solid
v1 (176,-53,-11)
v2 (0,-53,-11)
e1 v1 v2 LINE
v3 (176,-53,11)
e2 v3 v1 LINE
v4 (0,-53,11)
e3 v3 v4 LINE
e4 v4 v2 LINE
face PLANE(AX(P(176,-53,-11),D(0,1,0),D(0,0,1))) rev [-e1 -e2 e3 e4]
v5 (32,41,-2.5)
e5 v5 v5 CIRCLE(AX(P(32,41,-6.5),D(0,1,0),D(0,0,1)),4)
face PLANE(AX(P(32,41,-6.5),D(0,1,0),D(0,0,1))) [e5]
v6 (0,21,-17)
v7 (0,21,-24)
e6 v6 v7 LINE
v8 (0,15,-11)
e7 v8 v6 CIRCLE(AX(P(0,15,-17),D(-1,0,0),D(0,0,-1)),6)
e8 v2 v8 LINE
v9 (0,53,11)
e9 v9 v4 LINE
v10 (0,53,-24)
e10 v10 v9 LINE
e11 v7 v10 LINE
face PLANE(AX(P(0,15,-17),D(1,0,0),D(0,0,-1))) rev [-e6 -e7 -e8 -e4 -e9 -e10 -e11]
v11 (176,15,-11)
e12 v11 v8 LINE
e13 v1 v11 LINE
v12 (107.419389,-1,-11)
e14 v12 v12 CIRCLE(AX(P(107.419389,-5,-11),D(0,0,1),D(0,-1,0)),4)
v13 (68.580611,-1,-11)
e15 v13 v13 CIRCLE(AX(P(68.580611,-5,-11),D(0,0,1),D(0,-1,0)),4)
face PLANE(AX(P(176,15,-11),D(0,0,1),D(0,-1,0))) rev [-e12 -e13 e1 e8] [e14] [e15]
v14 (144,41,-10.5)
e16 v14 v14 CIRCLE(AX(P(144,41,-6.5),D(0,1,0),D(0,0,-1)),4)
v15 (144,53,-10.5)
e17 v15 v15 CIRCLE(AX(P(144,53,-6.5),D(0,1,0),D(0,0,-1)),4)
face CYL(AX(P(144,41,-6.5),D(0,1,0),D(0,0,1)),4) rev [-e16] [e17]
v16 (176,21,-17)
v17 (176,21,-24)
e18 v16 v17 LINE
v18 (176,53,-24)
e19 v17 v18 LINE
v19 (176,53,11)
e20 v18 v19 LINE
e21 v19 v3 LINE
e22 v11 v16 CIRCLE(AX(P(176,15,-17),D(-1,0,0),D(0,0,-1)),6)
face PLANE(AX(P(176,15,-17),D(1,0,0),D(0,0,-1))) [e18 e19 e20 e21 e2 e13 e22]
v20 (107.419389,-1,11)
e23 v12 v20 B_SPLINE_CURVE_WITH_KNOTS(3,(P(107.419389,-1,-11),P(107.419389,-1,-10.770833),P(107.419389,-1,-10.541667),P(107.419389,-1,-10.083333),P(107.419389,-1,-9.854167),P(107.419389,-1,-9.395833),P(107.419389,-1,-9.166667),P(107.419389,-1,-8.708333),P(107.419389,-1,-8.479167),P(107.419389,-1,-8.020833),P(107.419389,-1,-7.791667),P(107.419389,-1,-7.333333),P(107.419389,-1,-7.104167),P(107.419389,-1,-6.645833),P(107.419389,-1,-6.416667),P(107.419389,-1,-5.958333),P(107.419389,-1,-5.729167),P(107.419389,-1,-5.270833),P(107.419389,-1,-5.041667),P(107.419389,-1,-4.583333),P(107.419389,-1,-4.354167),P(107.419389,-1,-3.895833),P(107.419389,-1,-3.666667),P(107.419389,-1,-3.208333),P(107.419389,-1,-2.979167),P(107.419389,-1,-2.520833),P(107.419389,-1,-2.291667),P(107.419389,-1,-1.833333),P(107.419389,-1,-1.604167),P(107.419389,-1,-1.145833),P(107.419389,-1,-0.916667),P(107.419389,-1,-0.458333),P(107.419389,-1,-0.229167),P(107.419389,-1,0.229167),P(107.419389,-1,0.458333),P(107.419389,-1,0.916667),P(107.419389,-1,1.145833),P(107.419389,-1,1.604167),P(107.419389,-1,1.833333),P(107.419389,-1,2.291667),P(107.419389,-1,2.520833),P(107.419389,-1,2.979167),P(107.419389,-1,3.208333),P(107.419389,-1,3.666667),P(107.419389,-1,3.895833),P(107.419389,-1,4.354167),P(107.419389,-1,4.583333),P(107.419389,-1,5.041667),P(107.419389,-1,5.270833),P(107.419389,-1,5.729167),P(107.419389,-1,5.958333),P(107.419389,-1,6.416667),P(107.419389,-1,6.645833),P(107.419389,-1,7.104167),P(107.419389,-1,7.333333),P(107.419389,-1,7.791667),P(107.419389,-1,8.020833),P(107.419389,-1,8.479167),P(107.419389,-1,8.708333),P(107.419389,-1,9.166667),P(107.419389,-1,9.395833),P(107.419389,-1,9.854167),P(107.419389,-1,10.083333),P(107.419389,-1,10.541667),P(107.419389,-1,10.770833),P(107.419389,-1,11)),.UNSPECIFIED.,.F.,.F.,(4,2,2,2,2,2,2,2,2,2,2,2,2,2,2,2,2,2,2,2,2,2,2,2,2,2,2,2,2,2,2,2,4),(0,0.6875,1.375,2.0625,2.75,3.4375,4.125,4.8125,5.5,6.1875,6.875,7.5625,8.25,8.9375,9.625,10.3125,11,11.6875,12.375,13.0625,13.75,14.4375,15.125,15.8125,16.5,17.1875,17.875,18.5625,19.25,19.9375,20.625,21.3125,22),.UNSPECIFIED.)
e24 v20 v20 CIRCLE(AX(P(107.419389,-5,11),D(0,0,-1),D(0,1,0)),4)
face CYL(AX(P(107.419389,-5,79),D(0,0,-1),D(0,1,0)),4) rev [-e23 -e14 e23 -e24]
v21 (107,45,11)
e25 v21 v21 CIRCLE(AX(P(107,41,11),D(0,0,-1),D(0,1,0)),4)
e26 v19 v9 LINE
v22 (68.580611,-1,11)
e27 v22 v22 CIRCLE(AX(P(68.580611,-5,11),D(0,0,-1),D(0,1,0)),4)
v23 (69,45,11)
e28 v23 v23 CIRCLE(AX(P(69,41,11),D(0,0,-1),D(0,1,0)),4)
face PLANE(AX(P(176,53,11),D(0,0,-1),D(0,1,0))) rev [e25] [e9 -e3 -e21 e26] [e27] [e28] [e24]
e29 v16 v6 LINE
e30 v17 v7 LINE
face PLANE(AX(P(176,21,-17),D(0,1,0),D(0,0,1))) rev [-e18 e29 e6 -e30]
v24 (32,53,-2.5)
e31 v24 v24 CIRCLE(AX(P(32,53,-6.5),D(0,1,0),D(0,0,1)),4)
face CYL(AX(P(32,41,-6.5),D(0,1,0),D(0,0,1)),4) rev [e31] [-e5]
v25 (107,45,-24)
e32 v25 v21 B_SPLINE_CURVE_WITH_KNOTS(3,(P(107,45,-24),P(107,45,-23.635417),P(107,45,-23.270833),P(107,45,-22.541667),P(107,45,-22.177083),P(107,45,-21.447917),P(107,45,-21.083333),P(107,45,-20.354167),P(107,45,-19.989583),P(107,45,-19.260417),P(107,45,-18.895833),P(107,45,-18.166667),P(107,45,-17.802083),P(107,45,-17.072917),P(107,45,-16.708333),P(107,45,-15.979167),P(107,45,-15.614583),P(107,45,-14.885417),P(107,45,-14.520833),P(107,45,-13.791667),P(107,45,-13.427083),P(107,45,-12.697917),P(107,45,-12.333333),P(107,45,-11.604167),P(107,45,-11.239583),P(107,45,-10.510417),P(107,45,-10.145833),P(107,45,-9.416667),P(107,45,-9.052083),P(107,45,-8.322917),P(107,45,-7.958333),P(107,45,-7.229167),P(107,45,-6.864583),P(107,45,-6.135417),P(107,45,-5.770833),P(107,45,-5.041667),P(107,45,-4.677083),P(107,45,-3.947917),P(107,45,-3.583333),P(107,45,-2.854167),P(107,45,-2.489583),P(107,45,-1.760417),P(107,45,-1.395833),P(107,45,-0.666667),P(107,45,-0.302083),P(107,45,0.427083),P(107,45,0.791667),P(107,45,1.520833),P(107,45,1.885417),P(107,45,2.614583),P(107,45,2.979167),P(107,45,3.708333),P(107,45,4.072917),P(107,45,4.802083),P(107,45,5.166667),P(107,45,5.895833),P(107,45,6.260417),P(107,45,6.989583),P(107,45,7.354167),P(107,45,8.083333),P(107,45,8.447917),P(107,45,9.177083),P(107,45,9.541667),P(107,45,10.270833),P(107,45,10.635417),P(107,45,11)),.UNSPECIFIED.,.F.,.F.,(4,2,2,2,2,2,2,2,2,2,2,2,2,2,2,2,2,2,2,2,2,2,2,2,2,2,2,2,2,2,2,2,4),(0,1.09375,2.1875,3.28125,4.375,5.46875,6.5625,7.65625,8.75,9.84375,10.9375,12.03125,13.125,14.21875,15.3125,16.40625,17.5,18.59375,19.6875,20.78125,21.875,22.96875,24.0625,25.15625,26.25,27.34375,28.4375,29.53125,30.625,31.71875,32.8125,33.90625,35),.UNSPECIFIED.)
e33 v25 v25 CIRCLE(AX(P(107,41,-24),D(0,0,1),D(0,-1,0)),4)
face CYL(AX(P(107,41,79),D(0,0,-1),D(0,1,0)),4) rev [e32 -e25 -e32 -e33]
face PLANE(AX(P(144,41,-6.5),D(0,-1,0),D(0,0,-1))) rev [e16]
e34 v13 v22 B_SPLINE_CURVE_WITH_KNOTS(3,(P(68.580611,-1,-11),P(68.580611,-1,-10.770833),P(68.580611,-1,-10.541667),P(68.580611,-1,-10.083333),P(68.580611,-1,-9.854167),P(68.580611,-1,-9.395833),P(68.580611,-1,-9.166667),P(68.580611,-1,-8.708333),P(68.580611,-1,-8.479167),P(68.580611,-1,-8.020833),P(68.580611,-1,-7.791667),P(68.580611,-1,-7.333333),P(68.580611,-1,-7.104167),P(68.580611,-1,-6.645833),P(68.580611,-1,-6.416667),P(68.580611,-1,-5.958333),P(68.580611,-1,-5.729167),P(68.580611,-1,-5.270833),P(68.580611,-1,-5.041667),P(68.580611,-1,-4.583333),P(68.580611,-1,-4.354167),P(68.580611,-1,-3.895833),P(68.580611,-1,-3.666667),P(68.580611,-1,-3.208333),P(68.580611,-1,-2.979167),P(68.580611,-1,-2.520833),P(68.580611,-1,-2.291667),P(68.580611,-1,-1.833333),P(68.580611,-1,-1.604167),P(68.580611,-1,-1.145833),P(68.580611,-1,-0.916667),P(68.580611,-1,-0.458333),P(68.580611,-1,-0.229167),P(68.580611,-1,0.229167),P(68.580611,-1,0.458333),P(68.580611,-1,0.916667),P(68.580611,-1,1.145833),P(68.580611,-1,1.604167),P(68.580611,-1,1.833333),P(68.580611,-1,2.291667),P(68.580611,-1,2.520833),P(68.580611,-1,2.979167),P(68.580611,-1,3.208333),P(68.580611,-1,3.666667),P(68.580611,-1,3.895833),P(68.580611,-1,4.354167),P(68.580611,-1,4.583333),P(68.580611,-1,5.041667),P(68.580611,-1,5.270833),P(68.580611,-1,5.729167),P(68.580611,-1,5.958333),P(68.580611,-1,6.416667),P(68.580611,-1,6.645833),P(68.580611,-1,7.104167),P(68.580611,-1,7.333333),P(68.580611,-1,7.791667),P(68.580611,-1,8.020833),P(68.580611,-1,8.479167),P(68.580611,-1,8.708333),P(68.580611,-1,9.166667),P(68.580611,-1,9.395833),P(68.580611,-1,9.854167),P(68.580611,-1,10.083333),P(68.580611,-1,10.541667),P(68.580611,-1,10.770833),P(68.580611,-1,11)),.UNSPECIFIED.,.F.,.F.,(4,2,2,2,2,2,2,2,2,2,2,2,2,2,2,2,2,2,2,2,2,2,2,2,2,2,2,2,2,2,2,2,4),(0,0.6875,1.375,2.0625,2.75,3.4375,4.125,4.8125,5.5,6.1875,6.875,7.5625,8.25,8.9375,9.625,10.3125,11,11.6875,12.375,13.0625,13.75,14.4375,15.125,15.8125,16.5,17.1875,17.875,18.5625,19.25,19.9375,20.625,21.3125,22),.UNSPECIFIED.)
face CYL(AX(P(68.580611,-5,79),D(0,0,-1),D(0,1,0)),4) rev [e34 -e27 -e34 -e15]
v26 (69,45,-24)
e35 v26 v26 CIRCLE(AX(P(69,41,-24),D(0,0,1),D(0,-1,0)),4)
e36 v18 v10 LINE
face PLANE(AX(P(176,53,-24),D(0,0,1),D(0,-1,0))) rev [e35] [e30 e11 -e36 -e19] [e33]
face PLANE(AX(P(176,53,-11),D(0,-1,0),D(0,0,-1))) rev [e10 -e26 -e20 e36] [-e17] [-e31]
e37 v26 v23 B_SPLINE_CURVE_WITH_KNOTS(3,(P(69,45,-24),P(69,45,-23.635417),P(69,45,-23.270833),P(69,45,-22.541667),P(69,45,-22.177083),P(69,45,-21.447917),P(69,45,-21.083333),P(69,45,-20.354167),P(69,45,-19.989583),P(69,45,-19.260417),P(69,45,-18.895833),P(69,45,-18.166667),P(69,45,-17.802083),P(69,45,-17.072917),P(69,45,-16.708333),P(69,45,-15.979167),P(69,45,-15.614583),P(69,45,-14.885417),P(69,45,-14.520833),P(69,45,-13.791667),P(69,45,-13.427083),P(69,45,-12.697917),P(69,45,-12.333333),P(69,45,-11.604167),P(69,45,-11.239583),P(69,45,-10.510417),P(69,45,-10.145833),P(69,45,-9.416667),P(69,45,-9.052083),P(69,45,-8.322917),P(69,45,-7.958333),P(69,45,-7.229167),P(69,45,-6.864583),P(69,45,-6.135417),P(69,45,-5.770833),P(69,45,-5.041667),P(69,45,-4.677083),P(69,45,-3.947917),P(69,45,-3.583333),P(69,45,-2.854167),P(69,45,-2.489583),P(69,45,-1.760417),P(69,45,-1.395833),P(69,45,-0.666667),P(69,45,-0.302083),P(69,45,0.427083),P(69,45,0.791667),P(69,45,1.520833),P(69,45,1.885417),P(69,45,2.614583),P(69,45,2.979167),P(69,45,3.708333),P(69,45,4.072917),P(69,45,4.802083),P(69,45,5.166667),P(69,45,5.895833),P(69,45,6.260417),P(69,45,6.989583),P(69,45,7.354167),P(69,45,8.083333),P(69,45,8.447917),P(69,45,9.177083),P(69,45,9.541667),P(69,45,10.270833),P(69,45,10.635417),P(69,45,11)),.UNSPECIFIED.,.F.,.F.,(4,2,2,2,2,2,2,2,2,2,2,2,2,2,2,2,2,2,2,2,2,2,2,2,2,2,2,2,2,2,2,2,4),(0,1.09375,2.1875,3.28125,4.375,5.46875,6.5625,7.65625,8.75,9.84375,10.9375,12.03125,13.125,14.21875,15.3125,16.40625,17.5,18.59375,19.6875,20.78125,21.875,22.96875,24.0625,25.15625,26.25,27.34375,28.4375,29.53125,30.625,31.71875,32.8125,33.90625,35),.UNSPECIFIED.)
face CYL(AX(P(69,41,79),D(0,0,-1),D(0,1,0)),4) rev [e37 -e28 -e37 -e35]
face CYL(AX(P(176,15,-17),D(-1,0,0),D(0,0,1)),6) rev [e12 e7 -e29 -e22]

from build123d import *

# Parameters (mm, degrees)
BOSS_EXTRUDE1_DEPTH = 176
SKETCH2_R           = 4
CUT_EXTRUDE1_DEPTH  = 90
SKETCH3_R           = 4
CUT_EXTRUDE2_DEPTH  = 12


with BuildPart() as part:
    # Sketch1 → Boss-Extrude1 (new body)
    with BuildSketch(Plane(origin=(0, 0, 0), x_dir=(0, 0, -1), z_dir=(1, 0, 0))):
        with BuildLine():
            Line((11, 53), (-11, 53))
            Line((-11, 53), (-11, -53))
            Line((-11, -53), (11, -53))
            Line((11, -53), (11, 15))
            ThreePointArc((11, 15), (12.757359313, 19.242640687), (17, 21))
            Line((17, 21), (24, 21))
            Line((24, 21), (24, 53))
            Line((24, 53), (11, 53))
        make_face()
    extrude(amount=BOSS_EXTRUDE1_DEPTH)

    # Sketch2 → Cut-Extrude1 (cut, symmetric)
    with BuildSketch(Plane(origin=(0, 0, -11), x_dir=(-1, 0, 0), z_dir=(0, 0, -1))):
        with Locations(Location((-69, 41, 0), (0, 0, 90))):
            Circle(SKETCH2_R)
        with Locations(Location((-107, 41, 0), (0, 0, 90))):
            Circle(SKETCH2_R)
        with Locations(Location((-68.580611035, -5, 0), (0, 0, 90))):
            Circle(SKETCH2_R)
        with Locations(Location((-107.419388965, -5, 0), (0, 0, 90))):
            Circle(SKETCH2_R)
    extrude(amount=CUT_EXTRUDE1_DEPTH, both=True, mode=Mode.SUBTRACT)

    # Sketch3 → Cut-Extrude2 (cut)
    with BuildSketch(Plane(origin=(0, 53, 0), x_dir=(1, 0, 0), z_dir=(0, 1, 0))):
        with Locations(Location((32, 6.5, 0), (0, 0, 270))):
            Circle(SKETCH3_R)
        with Locations(Location((144, 6.5, 0), (0, 0, 90))):
            Circle(SKETCH3_R)
    extrude(amount=-CUT_EXTRUDE2_DEPTH, mode=Mode.SUBTRACT)


solid = part.part
